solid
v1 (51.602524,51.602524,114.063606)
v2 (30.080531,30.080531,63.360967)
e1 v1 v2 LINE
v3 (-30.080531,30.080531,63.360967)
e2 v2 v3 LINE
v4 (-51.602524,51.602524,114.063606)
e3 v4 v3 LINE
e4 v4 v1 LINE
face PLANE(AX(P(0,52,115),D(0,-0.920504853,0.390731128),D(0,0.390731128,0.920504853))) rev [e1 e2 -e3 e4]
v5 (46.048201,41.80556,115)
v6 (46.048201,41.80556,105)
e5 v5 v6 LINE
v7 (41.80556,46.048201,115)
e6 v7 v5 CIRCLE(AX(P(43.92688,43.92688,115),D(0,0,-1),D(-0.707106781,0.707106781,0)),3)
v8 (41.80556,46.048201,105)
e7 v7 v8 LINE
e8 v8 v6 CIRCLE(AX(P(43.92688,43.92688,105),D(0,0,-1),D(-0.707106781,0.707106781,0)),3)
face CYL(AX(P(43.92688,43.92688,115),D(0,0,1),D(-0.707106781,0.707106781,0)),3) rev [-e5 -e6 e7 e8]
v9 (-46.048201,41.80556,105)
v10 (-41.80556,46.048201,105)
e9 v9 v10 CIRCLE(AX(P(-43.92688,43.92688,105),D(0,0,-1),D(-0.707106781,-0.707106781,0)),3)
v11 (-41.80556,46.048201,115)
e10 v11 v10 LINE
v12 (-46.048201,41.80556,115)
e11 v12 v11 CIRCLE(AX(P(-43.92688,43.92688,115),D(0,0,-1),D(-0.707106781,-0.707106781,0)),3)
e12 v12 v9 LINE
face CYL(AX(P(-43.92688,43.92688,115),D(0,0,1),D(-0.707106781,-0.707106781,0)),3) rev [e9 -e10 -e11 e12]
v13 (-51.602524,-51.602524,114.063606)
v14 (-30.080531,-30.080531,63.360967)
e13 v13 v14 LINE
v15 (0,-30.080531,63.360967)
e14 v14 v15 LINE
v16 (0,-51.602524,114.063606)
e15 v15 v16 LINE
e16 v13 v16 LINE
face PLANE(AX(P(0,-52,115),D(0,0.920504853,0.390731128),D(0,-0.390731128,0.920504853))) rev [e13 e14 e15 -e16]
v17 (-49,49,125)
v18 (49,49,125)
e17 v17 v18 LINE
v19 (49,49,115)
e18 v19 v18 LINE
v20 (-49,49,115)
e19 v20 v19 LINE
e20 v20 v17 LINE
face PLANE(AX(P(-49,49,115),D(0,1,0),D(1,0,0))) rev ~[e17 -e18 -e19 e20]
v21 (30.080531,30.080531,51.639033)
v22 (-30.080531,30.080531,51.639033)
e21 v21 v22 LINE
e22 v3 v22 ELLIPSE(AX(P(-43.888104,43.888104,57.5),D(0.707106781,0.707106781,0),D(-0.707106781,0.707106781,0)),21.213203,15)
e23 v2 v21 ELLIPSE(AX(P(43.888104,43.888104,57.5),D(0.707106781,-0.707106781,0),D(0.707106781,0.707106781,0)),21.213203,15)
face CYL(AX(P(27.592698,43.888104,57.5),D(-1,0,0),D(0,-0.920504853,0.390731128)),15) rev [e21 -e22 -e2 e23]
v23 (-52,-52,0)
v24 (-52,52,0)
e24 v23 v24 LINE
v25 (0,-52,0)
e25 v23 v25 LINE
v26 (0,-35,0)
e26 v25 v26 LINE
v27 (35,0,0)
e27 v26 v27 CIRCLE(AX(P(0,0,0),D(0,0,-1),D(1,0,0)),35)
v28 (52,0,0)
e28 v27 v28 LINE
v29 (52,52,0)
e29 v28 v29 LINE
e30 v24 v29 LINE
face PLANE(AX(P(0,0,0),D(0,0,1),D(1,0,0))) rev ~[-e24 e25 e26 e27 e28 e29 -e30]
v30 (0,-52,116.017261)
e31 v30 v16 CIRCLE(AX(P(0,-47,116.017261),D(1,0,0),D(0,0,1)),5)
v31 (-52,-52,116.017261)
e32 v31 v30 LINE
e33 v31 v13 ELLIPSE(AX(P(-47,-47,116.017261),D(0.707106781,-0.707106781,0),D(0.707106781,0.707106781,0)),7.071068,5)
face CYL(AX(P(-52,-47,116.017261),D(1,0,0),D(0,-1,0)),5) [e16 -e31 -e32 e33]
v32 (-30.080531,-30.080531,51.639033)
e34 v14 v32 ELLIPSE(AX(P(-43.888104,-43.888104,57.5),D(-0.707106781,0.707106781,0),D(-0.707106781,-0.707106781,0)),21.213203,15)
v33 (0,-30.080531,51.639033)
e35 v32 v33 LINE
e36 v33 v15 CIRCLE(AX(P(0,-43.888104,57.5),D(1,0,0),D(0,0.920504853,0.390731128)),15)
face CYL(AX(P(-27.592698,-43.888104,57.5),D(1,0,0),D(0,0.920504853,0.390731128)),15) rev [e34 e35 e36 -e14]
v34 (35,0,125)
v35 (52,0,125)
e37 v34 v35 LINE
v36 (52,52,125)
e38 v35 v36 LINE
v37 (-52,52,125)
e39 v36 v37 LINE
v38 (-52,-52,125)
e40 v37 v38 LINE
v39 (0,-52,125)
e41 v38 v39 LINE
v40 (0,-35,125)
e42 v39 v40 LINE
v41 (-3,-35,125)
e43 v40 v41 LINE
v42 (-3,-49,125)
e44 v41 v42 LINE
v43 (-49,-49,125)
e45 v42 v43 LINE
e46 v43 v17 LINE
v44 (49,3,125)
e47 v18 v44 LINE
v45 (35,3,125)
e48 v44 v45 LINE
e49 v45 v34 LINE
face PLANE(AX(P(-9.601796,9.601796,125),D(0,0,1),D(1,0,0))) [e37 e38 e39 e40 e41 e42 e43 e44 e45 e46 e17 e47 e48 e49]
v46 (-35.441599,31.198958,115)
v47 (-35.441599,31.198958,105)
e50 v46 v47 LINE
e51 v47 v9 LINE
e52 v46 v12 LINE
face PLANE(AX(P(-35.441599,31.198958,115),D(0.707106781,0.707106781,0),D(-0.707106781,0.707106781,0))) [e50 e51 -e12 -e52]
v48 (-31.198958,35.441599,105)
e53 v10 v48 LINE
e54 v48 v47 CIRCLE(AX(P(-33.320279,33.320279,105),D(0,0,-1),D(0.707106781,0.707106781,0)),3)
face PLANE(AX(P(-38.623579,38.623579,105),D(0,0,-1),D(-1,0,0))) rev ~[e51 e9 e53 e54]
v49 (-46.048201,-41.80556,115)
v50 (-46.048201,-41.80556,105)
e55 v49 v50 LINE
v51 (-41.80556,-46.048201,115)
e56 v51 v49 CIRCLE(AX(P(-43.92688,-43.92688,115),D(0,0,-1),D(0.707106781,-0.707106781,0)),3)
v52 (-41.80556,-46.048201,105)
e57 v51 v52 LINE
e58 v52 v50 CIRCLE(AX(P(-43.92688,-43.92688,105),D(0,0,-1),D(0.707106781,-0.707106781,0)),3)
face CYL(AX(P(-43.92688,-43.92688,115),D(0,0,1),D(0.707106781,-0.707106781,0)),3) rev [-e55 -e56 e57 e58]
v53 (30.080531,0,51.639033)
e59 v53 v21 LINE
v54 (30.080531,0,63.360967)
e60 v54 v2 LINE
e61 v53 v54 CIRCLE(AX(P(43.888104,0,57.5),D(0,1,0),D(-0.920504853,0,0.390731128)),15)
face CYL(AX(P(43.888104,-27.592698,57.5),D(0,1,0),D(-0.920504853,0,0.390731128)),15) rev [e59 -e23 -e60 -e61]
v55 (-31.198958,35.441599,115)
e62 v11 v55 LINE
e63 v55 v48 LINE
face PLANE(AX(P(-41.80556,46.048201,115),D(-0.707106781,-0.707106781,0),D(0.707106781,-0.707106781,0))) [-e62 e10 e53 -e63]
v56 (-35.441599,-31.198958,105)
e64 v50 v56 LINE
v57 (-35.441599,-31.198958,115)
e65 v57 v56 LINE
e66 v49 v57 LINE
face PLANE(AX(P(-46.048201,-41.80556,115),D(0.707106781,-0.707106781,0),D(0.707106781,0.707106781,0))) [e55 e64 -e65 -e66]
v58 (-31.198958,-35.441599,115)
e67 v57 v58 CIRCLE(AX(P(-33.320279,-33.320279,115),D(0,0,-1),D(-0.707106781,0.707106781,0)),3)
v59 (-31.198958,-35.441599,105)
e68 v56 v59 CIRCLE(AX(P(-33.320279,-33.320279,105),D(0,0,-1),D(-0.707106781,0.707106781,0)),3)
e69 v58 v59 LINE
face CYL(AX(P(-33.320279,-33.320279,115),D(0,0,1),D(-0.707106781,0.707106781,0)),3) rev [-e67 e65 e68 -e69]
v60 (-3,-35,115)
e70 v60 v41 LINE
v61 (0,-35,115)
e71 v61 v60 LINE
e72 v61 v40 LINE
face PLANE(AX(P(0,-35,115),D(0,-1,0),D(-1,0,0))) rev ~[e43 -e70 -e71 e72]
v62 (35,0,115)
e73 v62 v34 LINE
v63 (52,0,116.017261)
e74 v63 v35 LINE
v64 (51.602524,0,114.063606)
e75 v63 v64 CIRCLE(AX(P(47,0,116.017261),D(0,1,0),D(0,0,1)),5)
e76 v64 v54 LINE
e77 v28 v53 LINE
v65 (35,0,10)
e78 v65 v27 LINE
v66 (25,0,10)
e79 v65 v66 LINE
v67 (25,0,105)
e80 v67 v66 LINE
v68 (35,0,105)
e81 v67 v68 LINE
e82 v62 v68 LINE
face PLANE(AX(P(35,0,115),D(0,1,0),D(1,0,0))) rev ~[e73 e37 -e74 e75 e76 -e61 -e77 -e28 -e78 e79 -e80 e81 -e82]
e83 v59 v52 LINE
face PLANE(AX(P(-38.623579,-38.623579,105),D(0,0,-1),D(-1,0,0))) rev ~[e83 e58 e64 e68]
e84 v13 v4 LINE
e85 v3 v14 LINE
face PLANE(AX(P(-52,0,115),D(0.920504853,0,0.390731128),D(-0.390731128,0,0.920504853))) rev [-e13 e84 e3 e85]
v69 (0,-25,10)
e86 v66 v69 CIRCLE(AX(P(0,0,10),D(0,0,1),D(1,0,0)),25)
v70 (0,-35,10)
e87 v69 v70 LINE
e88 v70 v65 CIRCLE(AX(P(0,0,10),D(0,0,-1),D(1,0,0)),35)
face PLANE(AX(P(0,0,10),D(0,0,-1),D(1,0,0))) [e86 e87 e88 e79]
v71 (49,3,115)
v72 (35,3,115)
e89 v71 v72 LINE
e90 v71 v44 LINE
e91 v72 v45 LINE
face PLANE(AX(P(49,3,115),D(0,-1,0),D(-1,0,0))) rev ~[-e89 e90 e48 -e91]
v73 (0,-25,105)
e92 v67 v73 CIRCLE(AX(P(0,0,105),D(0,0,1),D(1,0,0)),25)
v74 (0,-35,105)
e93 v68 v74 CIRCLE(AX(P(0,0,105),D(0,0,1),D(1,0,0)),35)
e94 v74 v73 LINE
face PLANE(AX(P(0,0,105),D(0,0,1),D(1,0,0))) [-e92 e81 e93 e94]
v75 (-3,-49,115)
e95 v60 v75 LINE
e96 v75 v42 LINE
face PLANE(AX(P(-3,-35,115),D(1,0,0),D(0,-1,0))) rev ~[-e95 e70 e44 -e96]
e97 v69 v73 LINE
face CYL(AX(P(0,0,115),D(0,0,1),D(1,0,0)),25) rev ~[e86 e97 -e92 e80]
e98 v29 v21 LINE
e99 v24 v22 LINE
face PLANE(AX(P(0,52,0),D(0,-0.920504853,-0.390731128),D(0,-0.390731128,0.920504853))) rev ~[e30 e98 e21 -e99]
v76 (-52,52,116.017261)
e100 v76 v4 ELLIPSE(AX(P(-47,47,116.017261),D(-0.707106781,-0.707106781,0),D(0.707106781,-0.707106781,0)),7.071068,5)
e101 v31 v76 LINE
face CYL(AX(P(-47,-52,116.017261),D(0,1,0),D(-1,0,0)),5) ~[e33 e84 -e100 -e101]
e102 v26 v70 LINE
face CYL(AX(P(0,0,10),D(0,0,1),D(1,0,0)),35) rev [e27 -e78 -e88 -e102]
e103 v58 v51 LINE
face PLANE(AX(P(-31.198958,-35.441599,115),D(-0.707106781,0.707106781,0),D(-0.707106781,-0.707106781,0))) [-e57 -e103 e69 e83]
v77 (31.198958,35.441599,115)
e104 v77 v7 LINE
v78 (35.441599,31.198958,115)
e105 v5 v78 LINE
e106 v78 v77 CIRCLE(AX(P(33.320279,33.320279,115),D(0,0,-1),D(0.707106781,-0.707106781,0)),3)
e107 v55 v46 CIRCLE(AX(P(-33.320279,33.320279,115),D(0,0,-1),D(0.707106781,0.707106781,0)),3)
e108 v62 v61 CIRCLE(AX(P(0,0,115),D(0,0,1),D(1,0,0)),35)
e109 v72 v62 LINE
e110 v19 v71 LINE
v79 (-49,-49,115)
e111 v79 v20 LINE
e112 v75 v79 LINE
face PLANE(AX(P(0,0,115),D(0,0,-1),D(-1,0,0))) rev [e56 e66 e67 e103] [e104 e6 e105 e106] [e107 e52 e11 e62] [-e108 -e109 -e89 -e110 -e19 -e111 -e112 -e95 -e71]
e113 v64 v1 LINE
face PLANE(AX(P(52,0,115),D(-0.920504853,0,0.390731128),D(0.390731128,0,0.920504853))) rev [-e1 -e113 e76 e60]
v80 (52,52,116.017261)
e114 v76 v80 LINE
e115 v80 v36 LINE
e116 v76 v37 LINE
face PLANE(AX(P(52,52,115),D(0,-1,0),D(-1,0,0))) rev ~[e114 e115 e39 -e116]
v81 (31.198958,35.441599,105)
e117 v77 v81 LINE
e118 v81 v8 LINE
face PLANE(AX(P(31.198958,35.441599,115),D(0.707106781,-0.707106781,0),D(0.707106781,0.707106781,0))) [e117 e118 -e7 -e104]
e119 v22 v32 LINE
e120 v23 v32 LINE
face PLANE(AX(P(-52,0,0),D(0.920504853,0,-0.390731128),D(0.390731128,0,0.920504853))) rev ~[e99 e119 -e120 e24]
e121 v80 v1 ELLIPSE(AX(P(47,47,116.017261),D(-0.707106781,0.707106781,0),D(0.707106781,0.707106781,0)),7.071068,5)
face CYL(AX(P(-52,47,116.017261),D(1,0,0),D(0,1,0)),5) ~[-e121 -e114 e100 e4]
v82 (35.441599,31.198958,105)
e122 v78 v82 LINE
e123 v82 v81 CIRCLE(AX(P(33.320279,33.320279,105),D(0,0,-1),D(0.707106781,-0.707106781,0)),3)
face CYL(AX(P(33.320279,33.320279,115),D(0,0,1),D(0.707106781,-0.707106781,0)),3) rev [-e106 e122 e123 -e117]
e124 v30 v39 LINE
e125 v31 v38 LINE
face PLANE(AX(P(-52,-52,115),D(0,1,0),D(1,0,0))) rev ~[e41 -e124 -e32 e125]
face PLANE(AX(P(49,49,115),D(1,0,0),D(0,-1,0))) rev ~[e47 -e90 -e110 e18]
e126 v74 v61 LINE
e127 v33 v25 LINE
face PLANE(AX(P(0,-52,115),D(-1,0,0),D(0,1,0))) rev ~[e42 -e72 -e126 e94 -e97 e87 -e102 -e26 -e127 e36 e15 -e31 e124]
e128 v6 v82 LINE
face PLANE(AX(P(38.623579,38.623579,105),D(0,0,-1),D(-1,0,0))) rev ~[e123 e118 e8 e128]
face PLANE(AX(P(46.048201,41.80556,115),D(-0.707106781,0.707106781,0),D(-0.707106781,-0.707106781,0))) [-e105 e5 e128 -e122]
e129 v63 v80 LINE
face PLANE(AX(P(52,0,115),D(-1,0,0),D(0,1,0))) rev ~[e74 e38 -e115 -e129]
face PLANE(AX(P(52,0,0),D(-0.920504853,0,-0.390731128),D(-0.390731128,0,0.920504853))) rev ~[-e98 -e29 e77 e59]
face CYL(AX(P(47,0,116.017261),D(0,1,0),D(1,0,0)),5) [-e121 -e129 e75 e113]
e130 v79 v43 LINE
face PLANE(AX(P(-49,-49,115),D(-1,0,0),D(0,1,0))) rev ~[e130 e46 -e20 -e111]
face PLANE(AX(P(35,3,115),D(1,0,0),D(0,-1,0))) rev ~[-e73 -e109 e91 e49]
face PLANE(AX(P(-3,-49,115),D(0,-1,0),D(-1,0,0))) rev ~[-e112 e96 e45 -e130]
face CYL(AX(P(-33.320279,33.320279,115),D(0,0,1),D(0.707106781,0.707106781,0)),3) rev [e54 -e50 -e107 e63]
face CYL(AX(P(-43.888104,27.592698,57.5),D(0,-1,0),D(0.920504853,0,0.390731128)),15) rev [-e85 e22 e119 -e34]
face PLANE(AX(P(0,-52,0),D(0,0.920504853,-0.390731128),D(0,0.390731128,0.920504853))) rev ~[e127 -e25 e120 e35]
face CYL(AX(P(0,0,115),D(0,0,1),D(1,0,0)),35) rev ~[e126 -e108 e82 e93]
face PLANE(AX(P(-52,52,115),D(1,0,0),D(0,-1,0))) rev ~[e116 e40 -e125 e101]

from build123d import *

# Parameters (mm, degrees)
SKETCH1_W           = 104
SKETCH1_H           = 104
BOSS_EXTRUDE1_DEPTH = 57.5
BOSS_EXTRUDE1_TAPER = 23
SKETCH2_R           = 25
CUT_EXTRUDE1_DEPTH  = 137.502747225
SKETCH3_R           = 35
CUT_EXTRUDE2_DEPTH  = 10
CUT_EXTRUDE3_START  = -10
SKETCH4_R           = 35
CUT_EXTRUDE3_DEPTH  = 10
FILLET1_R           = 15
SKETCH6_W           = 52
SKETCH6_H           = 52
CUT_EXTRUDE4_DEPTH  = 137.502747225
BOSS_EXTRUDE2_DEPTH = 10
CUT_EXTRUDE5_DEPTH  = 10
FILLET2_R           = 5


with BuildPart() as part:
    # Sketch1 → Boss-Extrude1 (new body)
    with BuildSketch(Plane.XY):
        Rectangle(SKETCH1_W, SKETCH1_H)
    extrude(amount=BOSS_EXTRUDE1_DEPTH, taper=BOSS_EXTRUDE1_TAPER)

    # Mirror13: part across plane


with BuildPart() as part_1:
    add(part.part)
    add(part.part.mirror(Plane(origin=(0, 0, 57.5), x_dir=(1, 0, 0), z_dir=(0, 0, -1))))

    # Sketch2 → Cut-Extrude1 (cut, through all)
    with BuildSketch(Plane.XY.offset(115)):
        Circle(SKETCH2_R)
    extrude(amount=-CUT_EXTRUDE1_DEPTH, mode=Mode.SUBTRACT)

    # Sketch3 → Cut-Extrude2 (cut)
    with BuildSketch(Plane.XY.offset(115)):
        Circle(SKETCH3_R)
    extrude(amount=-CUT_EXTRUDE2_DEPTH, mode=Mode.SUBTRACT)

    # Sketch4 → Cut-Extrude3 (cut)
    with BuildSketch(Plane(origin=(0, 0, 0), x_dir=(-1, 0, 0), z_dir=(0, 0, -1)).offset(CUT_EXTRUDE3_START)):
        with Locations(Location((0, 0, 0), (0, 0, 180))):
            Circle(SKETCH4_R)
    extrude(amount=CUT_EXTRUDE3_DEPTH, mode=Mode.SUBTRACT)

    # Fillet1
    fillet1_edges = [part_1.edges().sort_by_distance(p)[0] for p in [
        (27.592698068, 0, 57.5),
        (0, 27.592698068, 57.5),
        (-27.592698068, 0, 57.5),
        (0, -27.592698068, 57.5),
    ]]
    fillet(fillet1_edges, radius=FILLET1_R)

    # Sketch6 → Cut-Extrude4 (cut, through all)
    with BuildSketch(Plane.XY.offset(115)):
        with Locations((26, -26)):
            Rectangle(SKETCH6_W, SKETCH6_H)
    extrude(amount=-CUT_EXTRUDE4_DEPTH, mode=Mode.SUBTRACT)

    # Sketch7 → Boss-Extrude2 (add)
    with BuildSketch(Plane.XY.offset(115)):
        Polygon((49, 49), (49, 3), (35, 3), (35, 0), (52, 0), (52, 52), (-52, 52), (-52, -52), (0, -52), (0, -35), (-3, -35), (-3, -49), (-49, -49), (-49, 49), align=None)
    extrude(amount=BOSS_EXTRUDE2_DEPTH)

    # Sketch8 → Cut-Extrude5 (cut)
    with BuildSketch(Plane.XY.offset(115)):
        with BuildLine():
            Line((-41.805559998, 46.048200685), (-31.19895828, 35.441598967))
            ThreePointArc((-31.19895828, 35.441598967), (-31.19895828, 31.19895828), (-35.441598967, 31.19895828))
            Line((-35.441598967, 31.19895828), (-46.048200685, 41.805559998))
            ThreePointArc((-46.048200685, 41.805559998), (-46.048200685, 46.048200685), (-41.805559998, 46.048200685))
        make_face()
        with BuildLine():
            Line((46.048200685, 41.805559998), (35.441598967, 31.19895828))
            ThreePointArc((35.441598967, 31.19895828), (31.19895828, 31.19895828), (31.19895828, 35.441598967))
            Line((31.19895828, 35.441598967), (41.805559998, 46.048200685))
            ThreePointArc((41.805559998, 46.048200685), (46.048200685, 46.048200685), (46.048200685, 41.805559998))
        make_face()
        with BuildLine():
            Line((-46.048200685, -41.805559998), (-35.441598967, -31.19895828))
            ThreePointArc((-35.441598967, -31.19895828), (-31.19895828, -31.19895828), (-31.19895828, -35.441598967))
            Line((-31.19895828, -35.441598967), (-41.805559998, -46.048200685))
            ThreePointArc((-41.805559998, -46.048200685), (-46.048200685, -46.048200685), (-46.048200685, -41.805559998))
        make_face()
    extrude(amount=-CUT_EXTRUDE5_DEPTH, mode=Mode.SUBTRACT)

    # Fillet2
    fillet2_edges = [part_1.edges().sort_by_distance(p)[0] for p in [
        (0, 52, 115),
        (-52, 0, 115),
        (-26, -52, 115),
        (52, 26, 115),
    ]]
    fillet(fillet2_edges, radius=FILLET2_R)


solid = part_1.part
